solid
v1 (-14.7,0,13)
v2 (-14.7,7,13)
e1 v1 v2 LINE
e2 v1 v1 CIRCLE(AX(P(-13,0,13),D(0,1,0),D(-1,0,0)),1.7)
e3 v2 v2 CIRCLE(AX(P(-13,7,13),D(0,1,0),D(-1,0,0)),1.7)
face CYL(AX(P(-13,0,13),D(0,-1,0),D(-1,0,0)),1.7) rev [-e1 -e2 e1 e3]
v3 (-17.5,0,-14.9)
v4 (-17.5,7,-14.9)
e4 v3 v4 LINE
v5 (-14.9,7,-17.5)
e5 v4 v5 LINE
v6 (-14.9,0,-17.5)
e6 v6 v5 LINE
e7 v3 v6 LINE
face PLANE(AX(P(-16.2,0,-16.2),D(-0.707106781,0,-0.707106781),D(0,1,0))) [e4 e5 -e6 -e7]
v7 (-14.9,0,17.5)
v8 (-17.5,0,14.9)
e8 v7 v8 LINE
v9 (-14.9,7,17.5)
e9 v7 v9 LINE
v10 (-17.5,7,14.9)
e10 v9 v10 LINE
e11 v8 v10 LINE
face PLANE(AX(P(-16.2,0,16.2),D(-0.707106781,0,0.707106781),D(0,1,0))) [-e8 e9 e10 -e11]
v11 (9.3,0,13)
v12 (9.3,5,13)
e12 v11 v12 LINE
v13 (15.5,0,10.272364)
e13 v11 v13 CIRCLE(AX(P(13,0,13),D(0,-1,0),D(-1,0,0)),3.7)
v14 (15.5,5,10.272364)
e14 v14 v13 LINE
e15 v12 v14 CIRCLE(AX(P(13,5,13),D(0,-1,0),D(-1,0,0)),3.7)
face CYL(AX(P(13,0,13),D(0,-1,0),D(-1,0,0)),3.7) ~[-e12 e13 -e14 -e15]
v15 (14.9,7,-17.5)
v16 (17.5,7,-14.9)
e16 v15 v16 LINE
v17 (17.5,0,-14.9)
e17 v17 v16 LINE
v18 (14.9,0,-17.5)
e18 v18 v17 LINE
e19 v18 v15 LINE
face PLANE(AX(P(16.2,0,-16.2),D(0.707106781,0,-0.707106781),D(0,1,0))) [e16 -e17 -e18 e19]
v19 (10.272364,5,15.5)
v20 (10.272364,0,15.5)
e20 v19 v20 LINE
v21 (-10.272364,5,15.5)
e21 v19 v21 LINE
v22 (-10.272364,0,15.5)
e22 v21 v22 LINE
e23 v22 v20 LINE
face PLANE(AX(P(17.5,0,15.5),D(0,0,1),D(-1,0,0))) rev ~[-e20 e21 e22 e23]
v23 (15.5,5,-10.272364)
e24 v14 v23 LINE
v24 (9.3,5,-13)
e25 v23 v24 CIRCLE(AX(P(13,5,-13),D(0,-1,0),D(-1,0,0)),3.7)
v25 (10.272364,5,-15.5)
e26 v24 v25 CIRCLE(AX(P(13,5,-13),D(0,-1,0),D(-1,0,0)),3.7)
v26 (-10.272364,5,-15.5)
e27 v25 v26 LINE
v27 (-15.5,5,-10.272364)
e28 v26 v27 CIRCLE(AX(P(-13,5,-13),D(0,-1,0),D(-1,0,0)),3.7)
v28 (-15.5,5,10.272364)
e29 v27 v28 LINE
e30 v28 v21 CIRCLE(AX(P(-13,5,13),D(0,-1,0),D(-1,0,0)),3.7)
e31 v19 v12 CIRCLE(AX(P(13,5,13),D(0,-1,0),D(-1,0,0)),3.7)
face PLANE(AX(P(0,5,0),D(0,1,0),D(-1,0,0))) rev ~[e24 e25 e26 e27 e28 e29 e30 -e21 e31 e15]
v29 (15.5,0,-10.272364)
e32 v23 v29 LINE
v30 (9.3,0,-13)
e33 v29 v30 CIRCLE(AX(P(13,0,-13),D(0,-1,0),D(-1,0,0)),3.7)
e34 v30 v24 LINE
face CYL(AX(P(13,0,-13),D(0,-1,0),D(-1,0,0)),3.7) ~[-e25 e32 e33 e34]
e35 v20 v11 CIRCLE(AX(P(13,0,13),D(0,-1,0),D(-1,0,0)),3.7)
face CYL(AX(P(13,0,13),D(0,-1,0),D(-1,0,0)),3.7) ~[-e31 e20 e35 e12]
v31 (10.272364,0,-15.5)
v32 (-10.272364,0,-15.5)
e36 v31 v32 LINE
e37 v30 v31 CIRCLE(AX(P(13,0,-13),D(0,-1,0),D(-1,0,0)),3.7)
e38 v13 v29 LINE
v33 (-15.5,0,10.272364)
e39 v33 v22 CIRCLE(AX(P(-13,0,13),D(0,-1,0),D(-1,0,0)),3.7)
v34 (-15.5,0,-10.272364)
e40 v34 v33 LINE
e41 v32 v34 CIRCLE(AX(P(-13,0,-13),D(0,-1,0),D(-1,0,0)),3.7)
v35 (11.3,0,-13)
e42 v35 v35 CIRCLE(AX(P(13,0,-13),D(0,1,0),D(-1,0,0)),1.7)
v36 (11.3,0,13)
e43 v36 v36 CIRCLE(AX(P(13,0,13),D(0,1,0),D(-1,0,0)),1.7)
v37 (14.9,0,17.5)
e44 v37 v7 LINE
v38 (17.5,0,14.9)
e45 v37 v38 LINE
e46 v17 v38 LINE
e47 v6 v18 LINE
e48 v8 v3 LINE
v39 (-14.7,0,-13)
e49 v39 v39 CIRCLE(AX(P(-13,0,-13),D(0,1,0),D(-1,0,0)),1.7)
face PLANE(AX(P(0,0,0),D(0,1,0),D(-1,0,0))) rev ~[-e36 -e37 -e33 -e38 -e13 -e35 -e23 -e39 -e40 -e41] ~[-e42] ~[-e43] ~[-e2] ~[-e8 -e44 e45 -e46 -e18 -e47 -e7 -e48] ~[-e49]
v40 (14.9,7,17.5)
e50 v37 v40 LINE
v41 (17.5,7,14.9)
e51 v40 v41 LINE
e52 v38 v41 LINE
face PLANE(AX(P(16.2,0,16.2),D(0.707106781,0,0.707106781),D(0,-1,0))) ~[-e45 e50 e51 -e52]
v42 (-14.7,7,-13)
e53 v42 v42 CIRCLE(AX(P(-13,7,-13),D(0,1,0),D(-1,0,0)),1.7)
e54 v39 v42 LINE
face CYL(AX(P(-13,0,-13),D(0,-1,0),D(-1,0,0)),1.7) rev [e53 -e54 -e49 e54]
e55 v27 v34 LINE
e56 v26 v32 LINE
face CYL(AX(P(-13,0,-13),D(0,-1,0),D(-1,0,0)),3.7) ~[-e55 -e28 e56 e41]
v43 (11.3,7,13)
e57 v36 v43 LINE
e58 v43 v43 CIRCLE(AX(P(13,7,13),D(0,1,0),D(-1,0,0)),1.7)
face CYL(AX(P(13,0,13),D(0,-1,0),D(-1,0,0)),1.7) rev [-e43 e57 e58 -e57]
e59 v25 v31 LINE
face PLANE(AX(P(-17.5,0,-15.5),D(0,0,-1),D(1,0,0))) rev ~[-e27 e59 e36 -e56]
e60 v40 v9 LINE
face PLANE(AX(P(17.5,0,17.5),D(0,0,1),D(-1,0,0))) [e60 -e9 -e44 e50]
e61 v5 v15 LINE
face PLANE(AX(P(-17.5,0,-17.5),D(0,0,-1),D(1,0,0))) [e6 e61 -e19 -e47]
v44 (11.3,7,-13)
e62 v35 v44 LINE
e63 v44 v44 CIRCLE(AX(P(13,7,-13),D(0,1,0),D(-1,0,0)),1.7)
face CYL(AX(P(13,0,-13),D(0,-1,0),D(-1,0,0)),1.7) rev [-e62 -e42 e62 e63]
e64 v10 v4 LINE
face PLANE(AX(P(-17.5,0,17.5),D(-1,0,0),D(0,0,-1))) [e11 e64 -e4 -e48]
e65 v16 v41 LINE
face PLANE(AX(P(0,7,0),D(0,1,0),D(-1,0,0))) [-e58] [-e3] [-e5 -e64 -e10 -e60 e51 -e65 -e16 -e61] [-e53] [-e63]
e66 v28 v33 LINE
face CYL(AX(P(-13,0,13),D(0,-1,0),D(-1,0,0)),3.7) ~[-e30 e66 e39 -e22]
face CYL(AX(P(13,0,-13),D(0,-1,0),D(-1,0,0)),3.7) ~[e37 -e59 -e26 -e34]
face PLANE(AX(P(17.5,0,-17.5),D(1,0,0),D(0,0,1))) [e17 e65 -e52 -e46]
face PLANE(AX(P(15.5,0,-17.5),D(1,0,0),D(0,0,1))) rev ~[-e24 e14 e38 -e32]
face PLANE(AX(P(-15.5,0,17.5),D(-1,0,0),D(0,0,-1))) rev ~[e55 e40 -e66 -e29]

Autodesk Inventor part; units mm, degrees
ref_plane "YZ Plane" through (0, 0, 0) normal (1, 0, 0) x (0, 1, 0)
ref_plane "XZ Plane" through (0, 0, 0) normal (0, 1, 0) x (-1, 0, 0)
ref_plane "XY Plane" through (0, 0, 0) normal (0, 0, 1) x (1, 0, 0)
sketch "Sketch1" plane through (0, 0, 0) normal (0, 1, 0) x (-1, 0, 0)
  line L0 (-17.5, 17.5) -> (17.5, 17.5)
  line L1 (17.5, 17.5) -> (17.5, -17.5)
  line L2 (17.5, -17.5) -> (-17.5, -17.5)
  line L3 (-17.5, -17.5) -> (-17.5, 17.5)
  line L4 (-17.5, 17.5) -> (17.5, -17.5) construction
  line L5 (17.5, 17.5) -> (-17.5, -17.5) construction
  line L6 (-13, -13) -> (13, -13) construction
  line L7 (13, -13) -> (13, 13) construction
  line L8 (13, 13) -> (-13, 13) construction
  line L9 (-13, 13) -> (-13, -13) construction
  line L10 (-13, -13) -> (13, 13) construction
  line L11 (13, -13) -> (-13, 13) construction
  circle A0 centre (13, 13) radius 1.7
  circle A1 centre (13, -13) radius 1.7
  circle A2 centre (-13, -13) radius 1.7
  circle A3 centre (-13, 13) radius 1.7
  point P0 (0, 0)
  dimension "d0" = 35
  dimension "d1" = 35
  dimension "d2" = 3.4
  dimension "d3" = 3.4
  dimension "d4" = 3.4
  dimension "d5" = 3.4
  dimension "d6" = 26
  dimension "d7" = 26
extrude "Extrusion1" add sketch "Sketch1" along normal blind 7
chamfer "Chamfer1" distance 2.6 angle 45 4 edges at (17.5, 3.5, 17.5) (-17.5, 3.5, 17.5) (17.5, 3.5, -17.5) (-17.5, 3.5, -17.5)
shell "Shell2" thickness 2 removed faces 1 at (-3.9092, 0, 3.9576)
equation "\"d1\" = d0"
equation "\"d3\" = d2"
equation "\"d4\" = d2"
equation "\"d5\" = d2"
properties part number "PCB_Spacer"
